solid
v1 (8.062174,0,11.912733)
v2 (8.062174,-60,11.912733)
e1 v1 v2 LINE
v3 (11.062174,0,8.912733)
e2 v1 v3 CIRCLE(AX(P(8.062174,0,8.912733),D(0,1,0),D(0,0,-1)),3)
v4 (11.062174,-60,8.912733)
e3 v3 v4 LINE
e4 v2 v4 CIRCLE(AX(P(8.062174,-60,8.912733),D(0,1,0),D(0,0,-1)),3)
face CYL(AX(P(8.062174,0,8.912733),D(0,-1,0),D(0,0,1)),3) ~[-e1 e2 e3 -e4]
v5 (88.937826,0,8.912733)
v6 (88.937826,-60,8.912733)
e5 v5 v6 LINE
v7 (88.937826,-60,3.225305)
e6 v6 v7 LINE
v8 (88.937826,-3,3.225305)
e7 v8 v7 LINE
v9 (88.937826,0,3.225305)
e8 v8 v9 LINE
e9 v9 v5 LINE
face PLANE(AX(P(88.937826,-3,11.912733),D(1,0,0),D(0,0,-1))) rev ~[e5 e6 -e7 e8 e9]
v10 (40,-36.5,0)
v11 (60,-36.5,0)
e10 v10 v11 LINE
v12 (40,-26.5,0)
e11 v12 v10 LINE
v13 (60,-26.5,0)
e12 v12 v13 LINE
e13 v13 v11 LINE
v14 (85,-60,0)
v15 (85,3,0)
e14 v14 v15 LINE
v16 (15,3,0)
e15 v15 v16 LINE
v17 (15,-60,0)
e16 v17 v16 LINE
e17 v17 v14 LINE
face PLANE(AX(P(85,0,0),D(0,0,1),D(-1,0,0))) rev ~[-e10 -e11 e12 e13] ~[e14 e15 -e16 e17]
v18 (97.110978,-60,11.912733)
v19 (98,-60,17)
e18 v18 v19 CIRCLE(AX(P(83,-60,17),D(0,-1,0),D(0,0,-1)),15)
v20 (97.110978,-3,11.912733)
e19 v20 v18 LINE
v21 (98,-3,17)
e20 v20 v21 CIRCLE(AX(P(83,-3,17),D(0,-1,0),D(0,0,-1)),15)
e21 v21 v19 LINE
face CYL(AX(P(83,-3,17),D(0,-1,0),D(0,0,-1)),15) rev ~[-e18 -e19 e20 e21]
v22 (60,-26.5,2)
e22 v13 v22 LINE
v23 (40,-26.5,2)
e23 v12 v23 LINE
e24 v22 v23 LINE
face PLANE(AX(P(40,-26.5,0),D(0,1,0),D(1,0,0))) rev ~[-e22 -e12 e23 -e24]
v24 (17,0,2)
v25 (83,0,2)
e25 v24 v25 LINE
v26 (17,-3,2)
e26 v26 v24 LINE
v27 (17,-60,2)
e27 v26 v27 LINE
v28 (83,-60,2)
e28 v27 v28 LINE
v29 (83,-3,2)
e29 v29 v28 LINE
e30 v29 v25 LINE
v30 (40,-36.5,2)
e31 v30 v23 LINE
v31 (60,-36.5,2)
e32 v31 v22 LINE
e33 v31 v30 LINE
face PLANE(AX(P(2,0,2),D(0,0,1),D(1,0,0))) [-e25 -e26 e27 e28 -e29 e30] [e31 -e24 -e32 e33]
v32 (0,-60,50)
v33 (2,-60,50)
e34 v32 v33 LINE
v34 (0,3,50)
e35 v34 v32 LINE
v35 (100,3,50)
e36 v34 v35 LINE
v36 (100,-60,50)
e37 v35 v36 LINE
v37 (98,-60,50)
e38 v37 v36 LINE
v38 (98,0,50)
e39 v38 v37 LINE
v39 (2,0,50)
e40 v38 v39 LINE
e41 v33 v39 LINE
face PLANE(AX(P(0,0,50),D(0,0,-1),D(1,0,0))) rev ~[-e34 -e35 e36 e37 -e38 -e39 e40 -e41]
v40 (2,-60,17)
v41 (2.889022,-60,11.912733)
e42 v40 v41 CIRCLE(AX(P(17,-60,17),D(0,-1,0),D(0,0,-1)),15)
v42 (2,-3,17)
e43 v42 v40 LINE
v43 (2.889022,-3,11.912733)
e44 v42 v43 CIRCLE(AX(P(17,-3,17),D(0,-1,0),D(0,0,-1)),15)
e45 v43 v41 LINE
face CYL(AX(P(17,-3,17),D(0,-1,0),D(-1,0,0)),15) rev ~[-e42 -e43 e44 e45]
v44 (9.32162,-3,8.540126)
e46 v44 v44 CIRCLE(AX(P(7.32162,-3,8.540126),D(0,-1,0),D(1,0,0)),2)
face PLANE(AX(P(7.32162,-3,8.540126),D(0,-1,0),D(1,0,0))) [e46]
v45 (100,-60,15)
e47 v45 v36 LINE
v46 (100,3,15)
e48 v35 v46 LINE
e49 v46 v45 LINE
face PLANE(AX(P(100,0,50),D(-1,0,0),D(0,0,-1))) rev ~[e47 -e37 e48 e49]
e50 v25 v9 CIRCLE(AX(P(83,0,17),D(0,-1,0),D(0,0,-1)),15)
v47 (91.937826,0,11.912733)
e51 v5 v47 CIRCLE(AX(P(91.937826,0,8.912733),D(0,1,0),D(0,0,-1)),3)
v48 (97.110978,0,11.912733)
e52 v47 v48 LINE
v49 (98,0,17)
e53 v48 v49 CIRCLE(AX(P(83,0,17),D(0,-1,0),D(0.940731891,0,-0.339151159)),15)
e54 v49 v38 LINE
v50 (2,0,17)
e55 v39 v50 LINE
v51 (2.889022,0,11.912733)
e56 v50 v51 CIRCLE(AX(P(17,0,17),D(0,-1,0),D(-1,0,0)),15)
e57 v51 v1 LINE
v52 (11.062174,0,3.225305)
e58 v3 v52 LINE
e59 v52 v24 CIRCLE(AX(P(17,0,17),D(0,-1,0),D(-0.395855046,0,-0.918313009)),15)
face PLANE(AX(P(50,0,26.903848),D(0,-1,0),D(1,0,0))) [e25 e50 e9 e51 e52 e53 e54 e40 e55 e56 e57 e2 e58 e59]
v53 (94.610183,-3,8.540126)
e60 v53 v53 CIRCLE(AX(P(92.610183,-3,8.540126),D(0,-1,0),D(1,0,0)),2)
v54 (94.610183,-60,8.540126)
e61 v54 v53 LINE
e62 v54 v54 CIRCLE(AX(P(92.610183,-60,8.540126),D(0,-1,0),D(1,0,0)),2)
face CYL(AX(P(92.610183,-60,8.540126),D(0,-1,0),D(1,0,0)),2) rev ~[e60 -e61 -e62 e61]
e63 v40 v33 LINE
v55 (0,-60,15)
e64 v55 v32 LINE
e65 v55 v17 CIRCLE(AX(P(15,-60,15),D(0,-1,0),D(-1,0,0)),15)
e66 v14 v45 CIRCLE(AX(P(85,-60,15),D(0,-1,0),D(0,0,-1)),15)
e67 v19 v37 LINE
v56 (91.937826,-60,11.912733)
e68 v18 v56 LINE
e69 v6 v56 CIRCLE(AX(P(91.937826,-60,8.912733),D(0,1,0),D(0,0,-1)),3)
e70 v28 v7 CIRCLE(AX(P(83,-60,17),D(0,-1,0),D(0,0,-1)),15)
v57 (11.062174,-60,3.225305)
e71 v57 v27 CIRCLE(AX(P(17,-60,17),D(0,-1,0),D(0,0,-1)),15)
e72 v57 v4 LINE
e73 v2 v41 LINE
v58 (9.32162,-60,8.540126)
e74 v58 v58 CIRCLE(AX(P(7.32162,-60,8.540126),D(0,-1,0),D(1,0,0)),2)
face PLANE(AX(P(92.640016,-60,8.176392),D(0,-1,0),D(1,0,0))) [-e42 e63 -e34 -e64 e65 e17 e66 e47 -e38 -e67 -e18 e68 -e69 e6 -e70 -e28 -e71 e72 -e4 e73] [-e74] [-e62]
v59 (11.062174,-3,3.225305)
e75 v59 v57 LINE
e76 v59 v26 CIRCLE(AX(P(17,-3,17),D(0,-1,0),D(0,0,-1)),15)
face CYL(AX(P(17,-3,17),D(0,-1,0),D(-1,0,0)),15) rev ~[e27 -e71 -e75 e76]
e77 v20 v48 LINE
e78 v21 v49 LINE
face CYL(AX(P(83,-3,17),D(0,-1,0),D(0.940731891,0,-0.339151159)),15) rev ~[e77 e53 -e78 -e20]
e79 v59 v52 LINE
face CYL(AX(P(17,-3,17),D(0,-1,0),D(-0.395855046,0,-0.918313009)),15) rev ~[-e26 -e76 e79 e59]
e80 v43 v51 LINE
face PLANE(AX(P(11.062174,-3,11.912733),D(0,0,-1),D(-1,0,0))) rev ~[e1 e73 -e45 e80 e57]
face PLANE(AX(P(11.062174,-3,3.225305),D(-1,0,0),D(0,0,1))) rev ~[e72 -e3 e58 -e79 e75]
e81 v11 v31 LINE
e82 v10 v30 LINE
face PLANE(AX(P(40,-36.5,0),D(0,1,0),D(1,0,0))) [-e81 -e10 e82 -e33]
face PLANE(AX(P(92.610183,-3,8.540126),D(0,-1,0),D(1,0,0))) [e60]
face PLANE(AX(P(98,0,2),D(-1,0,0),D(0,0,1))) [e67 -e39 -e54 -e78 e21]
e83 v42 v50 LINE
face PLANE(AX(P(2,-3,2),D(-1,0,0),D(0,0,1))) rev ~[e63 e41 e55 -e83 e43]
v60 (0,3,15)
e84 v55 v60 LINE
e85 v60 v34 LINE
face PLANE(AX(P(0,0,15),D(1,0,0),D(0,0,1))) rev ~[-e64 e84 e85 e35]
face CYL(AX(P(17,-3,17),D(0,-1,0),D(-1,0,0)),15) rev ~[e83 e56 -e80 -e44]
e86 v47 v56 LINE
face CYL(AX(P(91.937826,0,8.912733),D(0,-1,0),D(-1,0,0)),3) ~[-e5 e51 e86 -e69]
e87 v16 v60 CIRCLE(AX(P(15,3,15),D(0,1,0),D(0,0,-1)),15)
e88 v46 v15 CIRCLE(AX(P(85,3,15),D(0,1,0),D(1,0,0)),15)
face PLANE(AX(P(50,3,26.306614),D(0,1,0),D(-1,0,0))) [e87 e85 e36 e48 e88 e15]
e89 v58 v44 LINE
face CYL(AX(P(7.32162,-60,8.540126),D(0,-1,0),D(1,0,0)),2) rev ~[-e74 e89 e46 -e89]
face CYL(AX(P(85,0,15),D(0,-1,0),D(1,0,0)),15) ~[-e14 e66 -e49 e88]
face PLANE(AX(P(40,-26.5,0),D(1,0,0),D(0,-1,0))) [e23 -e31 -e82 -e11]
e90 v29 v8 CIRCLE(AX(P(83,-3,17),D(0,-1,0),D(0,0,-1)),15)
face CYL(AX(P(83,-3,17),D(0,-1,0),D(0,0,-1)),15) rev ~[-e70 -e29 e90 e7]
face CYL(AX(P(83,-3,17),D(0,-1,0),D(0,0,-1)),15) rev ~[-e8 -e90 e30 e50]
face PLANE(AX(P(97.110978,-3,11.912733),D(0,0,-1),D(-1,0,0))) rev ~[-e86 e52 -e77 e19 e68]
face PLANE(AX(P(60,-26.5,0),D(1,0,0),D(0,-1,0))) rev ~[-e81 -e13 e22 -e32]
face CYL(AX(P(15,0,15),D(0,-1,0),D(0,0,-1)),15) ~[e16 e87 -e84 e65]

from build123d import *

# Parameters (mm, degrees)
F0_W           = 100
F0_H           = 50
F0_W_2         = 96
F0_H_2         = 46
F1_DEPTH       = 65
F2_W           = 100
F2_H           = 8.5998633876
F3_DEPTH       = 62.6
F4_W           = 100
F4_H           = 50
F5_DEPTH       = 3
F6_W           = 96
F6_H           = 53.983375689
F7_DEPTH       = 80.8
F8_W           = 100
F8_H           = 100
F9_DEPTH       = 5
F10_W          = 178.9870522916
F10_H          = 171.902321279
F11_DEPTH      = 2
F12_W          = 20
F12_H          = 10
F13_DEPTH      = 25
F14_R          = 2.2
F15_DEPTH      = 3
F16_R          = 5
F17_R          = 15
F18_R          = 1.5
F19_DEPTH      = 25
F20_W          = 18.0335491896
F20_H          = 117.1614909545
F21_DEPTH      = 124.6
F21_DEPTH_BACK = 25
F23_DEPTH      = 57
F24_R          = 2
F25_DEPTH      = 57
F27_DEPTH      = 3
F29_DEPTH      = 3
F30_R          = 3


with BuildPart() as f1:
    # F0 (on Front) → F1 (new body)
    with BuildSketch(Plane.XZ):
        with Locations((50, 25)):
            Rectangle(F0_W, F0_H)
        with Locations((50, 25)):
            Rectangle(F0_W_2, F0_H_2, mode=Mode.SUBTRACT)
    extrude(amount=F1_DEPTH)

    # F2 (on face) → F3 (cut)
    with BuildSketch(Plane.XZ.offset(65)):
        with Locations((50, -4.2999316938)):
            Rectangle(F2_W, F2_H)
    extrude(amount=-F3_DEPTH, mode=Mode.SUBTRACT)

    # F4 (on face) → F5 (join)
    with BuildSketch(Plane(origin=(0, 0, 0), x_dir=(-1, 0, 0), z_dir=(0, 1, 0))):
        with Locations((-50, 25)):
            Rectangle(F4_W, F4_H)
    extrude(amount=-F5_DEPTH)

    # F6 (on face) → F7 (cut)
    with BuildSketch(Plane.XZ.offset(3)):
        with Locations((50, 28.9916878445)):
            Rectangle(F6_W, F6_H)
    extrude(amount=F7_DEPTH, mode=Mode.SUBTRACT)

    # F8 (on face) → F9 (join)
    with BuildSketch(Plane.XZ.offset(65)):
        with Locations((50, 50)):
            Rectangle(F8_W, F8_H)
    extrude(amount=-F9_DEPTH)

    # F10 (on face) → F11 (cut)
    with BuildSketch(Plane.XZ.offset(65)):
        with Locations((42.4427408725, 49.3266619742)):
            Rectangle(F10_W, F10_H)
    extrude(amount=-F11_DEPTH, mode=Mode.SUBTRACT)

    # F12 (on face) → F13 (cut)
    with BuildSketch(Plane(origin=(0, 0, 0), x_dir=(1, 0, 0), z_dir=(0, 0, -1))):
        with Locations((50, 31.5)):
            Rectangle(F12_W, F12_H)
    extrude(amount=-F13_DEPTH, mode=Mode.SUBTRACT)

    # F14 (on face) → F15 (join)
    with BuildSketch(Plane.XZ.offset(63)):
        with BuildLine():
            Line((106, 60.561312139), (105.3350197713, 60.561312139))
            ThreePointArc((105.3350197713, 60.561312139), (105.6675098856, 60.5502449231), (106, 60.561312139))
        make_face()
        with BuildLine():
            Line((100, 60.561312139), (105.3350197713, 60.561312139))
            Line((105.3350197713, 60.561312139), (106, 60.561312139))
            ThreePointArc((106, 60.561312139), (110.6649022052, 65.7117070069), (105.6772652089, 70.5502354065))
            Line((105.6772652089, 70.5502354065), (100, 70.561312139))
            Line((100, 70.561312139), (100, 60.561312139))
        make_face()
        with Locations((105.6675098856, 65.5502449231)):
            Circle(F14_R, mode=Mode.SUBTRACT)
        with BuildLine():
            Line((-5.3350197713, 60.561312139), (0, 60.561312139))
            Line((0, 60.561312139), (0, 70.561312139))
            Line((0, 70.561312139), (-5.6772652089, 70.5502354065))
            ThreePointArc((-5.6772652089, 70.5502354065), (-10.6649022052, 65.7117070069), (-6, 60.561312139))
            Line((-6, 60.561312139), (-5.3350197713, 60.561312139))
        make_face()
        with Locations((-5.6675098856, 65.5502449231)):
            Circle(F14_R, mode=Mode.SUBTRACT)
        with BuildLine():
            ThreePointArc((-6, 60.561312139), (-5.6675098856, 60.5502449231), (-5.3350197713, 60.561312139))
            Line((-5.3350197713, 60.561312139), (-6, 60.561312139))
        make_face()
    extrude(amount=-F15_DEPTH)

    # F16
    f16_edges = [f1.edges().sort_by_distance(p)[0] for p in [
        (100, -61.5, 60.561312),
        (100, -61.5, 70.561312),
        (0, -61.5, 60.561312),
        (0, -61.5, 70.561312),
    ]]
    fillet(f16_edges, radius=F16_R)

    # F17
    f17_edges = [f1.edges().sort_by_distance(p)[0] for p in [
        (98, -31.5, 2),
        (2, -31.5, 2),
        (100, -31.5, 0),
        (0, -31.5, 0),
    ]]
    fillet(f17_edges, radius=F17_R)

    # F18 (on face) → F19 (cut)
    with BuildSketch(Plane.XZ.offset(63)):
        with Locations((85, 15)):
            Circle(F18_R)
        with Locations((85, 23)):
            Circle(F18_R)
        with Locations((85, 31)):
            Circle(F18_R)
        with Locations((85, 39)):
            Circle(F18_R)
        with Locations((85, 47)):
            Circle(F18_R)
        with Locations((77, 15)):
            Circle(F18_R)
        with Locations((77, 23)):
            Circle(F18_R)
        with Locations((77, 31)):
            Circle(F18_R)
        with Locations((77, 39)):
            Circle(F18_R)
        with Locations((77, 47)):
            Circle(F18_R)
        with Locations((69, 15)):
            Circle(F18_R)
        with Locations((69, 23)):
            Circle(F18_R)
        with Locations((69, 31)):
            Circle(F18_R)
        with Locations((69, 39)):
            Circle(F18_R)
        with Locations((69, 47)):
            Circle(F18_R)
        with Locations((61, 15)):
            Circle(F18_R)
        with Locations((61, 23)):
            Circle(F18_R)
        with Locations((61, 31)):
            Circle(F18_R)
        with Locations((61, 39)):
            Circle(F18_R)
        with Locations((61, 47)):
            Circle(F18_R)
        with Locations((53, 15)):
            Circle(F18_R)
        with Locations((53, 23)):
            Circle(F18_R)
        with Locations((53, 31)):
            Circle(F18_R)
        with Locations((53, 39)):
            Circle(F18_R)
        with Locations((53, 47)):
            Circle(F18_R)
        with Locations((45, 15)):
            Circle(F18_R)
        with Locations((45, 23)):
            Circle(F18_R)
        with Locations((45, 31)):
            Circle(F18_R)
        with Locations((45, 39)):
            Circle(F18_R)
        with Locations((45, 47)):
            Circle(F18_R)
        with Locations((37, 15)):
            Circle(F18_R)
        with Locations((37, 23)):
            Circle(F18_R)
        with Locations((37, 31)):
            Circle(F18_R)
        with Locations((37, 39)):
            Circle(F18_R)
        with Locations((37, 47)):
            Circle(F18_R)
        with Locations((29, 15)):
            Circle(F18_R)
        with Locations((29, 23)):
            Circle(F18_R)
        with Locations((29, 31)):
            Circle(F18_R)
        with Locations((29, 39)):
            Circle(F18_R)
        with Locations((29, 47)):
            Circle(F18_R)
        with Locations((21, 15)):
            Circle(F18_R)
        with Locations((21, 23)):
            Circle(F18_R)
        with Locations((21, 31)):
            Circle(F18_R)
        with Locations((21, 39)):
            Circle(F18_R)
        with Locations((21, 47)):
            Circle(F18_R)
        with Locations((13, 15)):
            Circle(F18_R)
        with Locations((13, 23)):
            Circle(F18_R)
        with Locations((13, 31)):
            Circle(F18_R)
        with Locations((13, 39)):
            Circle(F18_R)
        with Locations((13, 47)):
            Circle(F18_R)
    extrude(amount=-F19_DEPTH, mode=Mode.SUBTRACT)

    # F20 (on face) → F21 (cut, two sides)
    with BuildSketch(Plane(origin=(0, 0, 0), x_dir=(0, -1, 0), z_dir=(-1, 0, 0))) as f21_sk:
        with Locations((69.0167745948, 41.4192545228)):
            Rectangle(F20_W, F20_H)
    extrude(amount=-F21_DEPTH, mode=Mode.SUBTRACT)
    extrude(f21_sk.sketch, amount=F21_DEPTH_BACK, mode=Mode.SUBTRACT)

    # F22 (on face) → F23 (join, through all)
    with BuildSketch(Plane.XZ.offset(3)):
        Polygon((88.93782569, 11.9127326198), (88.93782569, 3.2253048645), (97.1109783715, 6.1686190363), (97.1109783715, 11.9127326198), align=None)
        Polygon((2.8890216285, 11.9127326198), (2.8890216285, 6.1686190363), (11.06217431, 3.2253048645), (11.06217431, 11.9127326198), align=None)
    extrude(amount=F23_DEPTH)

    # F24 (on face) → F25 (cut, through all)
    with BuildSketch(Plane.XZ.offset(60)):
        with Locations((92.6101825469, 8.5401255637)):
            Circle(F24_R)
        with Locations((7.32162036, 8.5401255637)):
            Circle(F24_R)
    extrude(amount=-F25_DEPTH, mode=Mode.SUBTRACT)

    # F26 (on face) → F27 (join)
    with BuildSketch(Plane(origin=(0, 0, 0), x_dir=(-1, 0, 0), z_dir=(0, 1, 0))):
        with BuildLine():
            ThreePointArc((-100, 15), (-95.6066017178, 4.3933982822), (-85, 0))
            Line((-85, 0), (-15, 0))
            ThreePointArc((-15, 0), (-4.3933982822, 4.3933982822), (0, 15))
            Line((0, 15), (0, 50))
            Line((0, 50), (-100, 50))
            Line((-100, 50), (-100, 15))
        make_face()
    extrude(amount=F27_DEPTH)

    # F28 (on face) → F29 (cut)
    with BuildSketch(Plane.XZ.offset(3)):
        with BuildLine():
            ThreePointArc((2, 17), (2.2239268482, 14.4178183229), (2.8890216285, 11.9127326198))
            Line((2.8890216285, 11.9127326198), (11.06217431, 11.9127326198))
            Line((11.06217431, 11.9127326198), (11.06217431, 3.2253048645))
            ThreePointArc((11.06217431, 3.2253048645), (13.9685339382, 2.3095196295), (17, 2))
            Line((17, 2), (83, 2))
            ThreePointArc((83, 2), (86.0314660618, 2.3095196295), (88.93782569, 3.2253048645))
            Line((88.93782569, 3.2253048645), (88.93782569, 11.9127326198))
            Line((88.93782569, 11.9127326198), (97.1109783715, 11.9127326198))
            ThreePointArc((97.1109783715, 11.9127326198), (97.7760731518, 14.4178183229), (98, 17))
            Line((98, 17), (98, 50))
            Line((98, 50), (2, 50))
            Line((2, 50), (2, 17))
        make_face()
    extrude(amount=-F29_DEPTH, mode=Mode.SUBTRACT)

    # F30
    f30_edges = [f1.edges().sort_by_distance(p)[0] for p in [
        (88.937826, -30, 11.912733),
        (11.062174, -30, 11.912733),
    ]]
    fillet(f30_edges, radius=F30_R)


solid = f1.part
